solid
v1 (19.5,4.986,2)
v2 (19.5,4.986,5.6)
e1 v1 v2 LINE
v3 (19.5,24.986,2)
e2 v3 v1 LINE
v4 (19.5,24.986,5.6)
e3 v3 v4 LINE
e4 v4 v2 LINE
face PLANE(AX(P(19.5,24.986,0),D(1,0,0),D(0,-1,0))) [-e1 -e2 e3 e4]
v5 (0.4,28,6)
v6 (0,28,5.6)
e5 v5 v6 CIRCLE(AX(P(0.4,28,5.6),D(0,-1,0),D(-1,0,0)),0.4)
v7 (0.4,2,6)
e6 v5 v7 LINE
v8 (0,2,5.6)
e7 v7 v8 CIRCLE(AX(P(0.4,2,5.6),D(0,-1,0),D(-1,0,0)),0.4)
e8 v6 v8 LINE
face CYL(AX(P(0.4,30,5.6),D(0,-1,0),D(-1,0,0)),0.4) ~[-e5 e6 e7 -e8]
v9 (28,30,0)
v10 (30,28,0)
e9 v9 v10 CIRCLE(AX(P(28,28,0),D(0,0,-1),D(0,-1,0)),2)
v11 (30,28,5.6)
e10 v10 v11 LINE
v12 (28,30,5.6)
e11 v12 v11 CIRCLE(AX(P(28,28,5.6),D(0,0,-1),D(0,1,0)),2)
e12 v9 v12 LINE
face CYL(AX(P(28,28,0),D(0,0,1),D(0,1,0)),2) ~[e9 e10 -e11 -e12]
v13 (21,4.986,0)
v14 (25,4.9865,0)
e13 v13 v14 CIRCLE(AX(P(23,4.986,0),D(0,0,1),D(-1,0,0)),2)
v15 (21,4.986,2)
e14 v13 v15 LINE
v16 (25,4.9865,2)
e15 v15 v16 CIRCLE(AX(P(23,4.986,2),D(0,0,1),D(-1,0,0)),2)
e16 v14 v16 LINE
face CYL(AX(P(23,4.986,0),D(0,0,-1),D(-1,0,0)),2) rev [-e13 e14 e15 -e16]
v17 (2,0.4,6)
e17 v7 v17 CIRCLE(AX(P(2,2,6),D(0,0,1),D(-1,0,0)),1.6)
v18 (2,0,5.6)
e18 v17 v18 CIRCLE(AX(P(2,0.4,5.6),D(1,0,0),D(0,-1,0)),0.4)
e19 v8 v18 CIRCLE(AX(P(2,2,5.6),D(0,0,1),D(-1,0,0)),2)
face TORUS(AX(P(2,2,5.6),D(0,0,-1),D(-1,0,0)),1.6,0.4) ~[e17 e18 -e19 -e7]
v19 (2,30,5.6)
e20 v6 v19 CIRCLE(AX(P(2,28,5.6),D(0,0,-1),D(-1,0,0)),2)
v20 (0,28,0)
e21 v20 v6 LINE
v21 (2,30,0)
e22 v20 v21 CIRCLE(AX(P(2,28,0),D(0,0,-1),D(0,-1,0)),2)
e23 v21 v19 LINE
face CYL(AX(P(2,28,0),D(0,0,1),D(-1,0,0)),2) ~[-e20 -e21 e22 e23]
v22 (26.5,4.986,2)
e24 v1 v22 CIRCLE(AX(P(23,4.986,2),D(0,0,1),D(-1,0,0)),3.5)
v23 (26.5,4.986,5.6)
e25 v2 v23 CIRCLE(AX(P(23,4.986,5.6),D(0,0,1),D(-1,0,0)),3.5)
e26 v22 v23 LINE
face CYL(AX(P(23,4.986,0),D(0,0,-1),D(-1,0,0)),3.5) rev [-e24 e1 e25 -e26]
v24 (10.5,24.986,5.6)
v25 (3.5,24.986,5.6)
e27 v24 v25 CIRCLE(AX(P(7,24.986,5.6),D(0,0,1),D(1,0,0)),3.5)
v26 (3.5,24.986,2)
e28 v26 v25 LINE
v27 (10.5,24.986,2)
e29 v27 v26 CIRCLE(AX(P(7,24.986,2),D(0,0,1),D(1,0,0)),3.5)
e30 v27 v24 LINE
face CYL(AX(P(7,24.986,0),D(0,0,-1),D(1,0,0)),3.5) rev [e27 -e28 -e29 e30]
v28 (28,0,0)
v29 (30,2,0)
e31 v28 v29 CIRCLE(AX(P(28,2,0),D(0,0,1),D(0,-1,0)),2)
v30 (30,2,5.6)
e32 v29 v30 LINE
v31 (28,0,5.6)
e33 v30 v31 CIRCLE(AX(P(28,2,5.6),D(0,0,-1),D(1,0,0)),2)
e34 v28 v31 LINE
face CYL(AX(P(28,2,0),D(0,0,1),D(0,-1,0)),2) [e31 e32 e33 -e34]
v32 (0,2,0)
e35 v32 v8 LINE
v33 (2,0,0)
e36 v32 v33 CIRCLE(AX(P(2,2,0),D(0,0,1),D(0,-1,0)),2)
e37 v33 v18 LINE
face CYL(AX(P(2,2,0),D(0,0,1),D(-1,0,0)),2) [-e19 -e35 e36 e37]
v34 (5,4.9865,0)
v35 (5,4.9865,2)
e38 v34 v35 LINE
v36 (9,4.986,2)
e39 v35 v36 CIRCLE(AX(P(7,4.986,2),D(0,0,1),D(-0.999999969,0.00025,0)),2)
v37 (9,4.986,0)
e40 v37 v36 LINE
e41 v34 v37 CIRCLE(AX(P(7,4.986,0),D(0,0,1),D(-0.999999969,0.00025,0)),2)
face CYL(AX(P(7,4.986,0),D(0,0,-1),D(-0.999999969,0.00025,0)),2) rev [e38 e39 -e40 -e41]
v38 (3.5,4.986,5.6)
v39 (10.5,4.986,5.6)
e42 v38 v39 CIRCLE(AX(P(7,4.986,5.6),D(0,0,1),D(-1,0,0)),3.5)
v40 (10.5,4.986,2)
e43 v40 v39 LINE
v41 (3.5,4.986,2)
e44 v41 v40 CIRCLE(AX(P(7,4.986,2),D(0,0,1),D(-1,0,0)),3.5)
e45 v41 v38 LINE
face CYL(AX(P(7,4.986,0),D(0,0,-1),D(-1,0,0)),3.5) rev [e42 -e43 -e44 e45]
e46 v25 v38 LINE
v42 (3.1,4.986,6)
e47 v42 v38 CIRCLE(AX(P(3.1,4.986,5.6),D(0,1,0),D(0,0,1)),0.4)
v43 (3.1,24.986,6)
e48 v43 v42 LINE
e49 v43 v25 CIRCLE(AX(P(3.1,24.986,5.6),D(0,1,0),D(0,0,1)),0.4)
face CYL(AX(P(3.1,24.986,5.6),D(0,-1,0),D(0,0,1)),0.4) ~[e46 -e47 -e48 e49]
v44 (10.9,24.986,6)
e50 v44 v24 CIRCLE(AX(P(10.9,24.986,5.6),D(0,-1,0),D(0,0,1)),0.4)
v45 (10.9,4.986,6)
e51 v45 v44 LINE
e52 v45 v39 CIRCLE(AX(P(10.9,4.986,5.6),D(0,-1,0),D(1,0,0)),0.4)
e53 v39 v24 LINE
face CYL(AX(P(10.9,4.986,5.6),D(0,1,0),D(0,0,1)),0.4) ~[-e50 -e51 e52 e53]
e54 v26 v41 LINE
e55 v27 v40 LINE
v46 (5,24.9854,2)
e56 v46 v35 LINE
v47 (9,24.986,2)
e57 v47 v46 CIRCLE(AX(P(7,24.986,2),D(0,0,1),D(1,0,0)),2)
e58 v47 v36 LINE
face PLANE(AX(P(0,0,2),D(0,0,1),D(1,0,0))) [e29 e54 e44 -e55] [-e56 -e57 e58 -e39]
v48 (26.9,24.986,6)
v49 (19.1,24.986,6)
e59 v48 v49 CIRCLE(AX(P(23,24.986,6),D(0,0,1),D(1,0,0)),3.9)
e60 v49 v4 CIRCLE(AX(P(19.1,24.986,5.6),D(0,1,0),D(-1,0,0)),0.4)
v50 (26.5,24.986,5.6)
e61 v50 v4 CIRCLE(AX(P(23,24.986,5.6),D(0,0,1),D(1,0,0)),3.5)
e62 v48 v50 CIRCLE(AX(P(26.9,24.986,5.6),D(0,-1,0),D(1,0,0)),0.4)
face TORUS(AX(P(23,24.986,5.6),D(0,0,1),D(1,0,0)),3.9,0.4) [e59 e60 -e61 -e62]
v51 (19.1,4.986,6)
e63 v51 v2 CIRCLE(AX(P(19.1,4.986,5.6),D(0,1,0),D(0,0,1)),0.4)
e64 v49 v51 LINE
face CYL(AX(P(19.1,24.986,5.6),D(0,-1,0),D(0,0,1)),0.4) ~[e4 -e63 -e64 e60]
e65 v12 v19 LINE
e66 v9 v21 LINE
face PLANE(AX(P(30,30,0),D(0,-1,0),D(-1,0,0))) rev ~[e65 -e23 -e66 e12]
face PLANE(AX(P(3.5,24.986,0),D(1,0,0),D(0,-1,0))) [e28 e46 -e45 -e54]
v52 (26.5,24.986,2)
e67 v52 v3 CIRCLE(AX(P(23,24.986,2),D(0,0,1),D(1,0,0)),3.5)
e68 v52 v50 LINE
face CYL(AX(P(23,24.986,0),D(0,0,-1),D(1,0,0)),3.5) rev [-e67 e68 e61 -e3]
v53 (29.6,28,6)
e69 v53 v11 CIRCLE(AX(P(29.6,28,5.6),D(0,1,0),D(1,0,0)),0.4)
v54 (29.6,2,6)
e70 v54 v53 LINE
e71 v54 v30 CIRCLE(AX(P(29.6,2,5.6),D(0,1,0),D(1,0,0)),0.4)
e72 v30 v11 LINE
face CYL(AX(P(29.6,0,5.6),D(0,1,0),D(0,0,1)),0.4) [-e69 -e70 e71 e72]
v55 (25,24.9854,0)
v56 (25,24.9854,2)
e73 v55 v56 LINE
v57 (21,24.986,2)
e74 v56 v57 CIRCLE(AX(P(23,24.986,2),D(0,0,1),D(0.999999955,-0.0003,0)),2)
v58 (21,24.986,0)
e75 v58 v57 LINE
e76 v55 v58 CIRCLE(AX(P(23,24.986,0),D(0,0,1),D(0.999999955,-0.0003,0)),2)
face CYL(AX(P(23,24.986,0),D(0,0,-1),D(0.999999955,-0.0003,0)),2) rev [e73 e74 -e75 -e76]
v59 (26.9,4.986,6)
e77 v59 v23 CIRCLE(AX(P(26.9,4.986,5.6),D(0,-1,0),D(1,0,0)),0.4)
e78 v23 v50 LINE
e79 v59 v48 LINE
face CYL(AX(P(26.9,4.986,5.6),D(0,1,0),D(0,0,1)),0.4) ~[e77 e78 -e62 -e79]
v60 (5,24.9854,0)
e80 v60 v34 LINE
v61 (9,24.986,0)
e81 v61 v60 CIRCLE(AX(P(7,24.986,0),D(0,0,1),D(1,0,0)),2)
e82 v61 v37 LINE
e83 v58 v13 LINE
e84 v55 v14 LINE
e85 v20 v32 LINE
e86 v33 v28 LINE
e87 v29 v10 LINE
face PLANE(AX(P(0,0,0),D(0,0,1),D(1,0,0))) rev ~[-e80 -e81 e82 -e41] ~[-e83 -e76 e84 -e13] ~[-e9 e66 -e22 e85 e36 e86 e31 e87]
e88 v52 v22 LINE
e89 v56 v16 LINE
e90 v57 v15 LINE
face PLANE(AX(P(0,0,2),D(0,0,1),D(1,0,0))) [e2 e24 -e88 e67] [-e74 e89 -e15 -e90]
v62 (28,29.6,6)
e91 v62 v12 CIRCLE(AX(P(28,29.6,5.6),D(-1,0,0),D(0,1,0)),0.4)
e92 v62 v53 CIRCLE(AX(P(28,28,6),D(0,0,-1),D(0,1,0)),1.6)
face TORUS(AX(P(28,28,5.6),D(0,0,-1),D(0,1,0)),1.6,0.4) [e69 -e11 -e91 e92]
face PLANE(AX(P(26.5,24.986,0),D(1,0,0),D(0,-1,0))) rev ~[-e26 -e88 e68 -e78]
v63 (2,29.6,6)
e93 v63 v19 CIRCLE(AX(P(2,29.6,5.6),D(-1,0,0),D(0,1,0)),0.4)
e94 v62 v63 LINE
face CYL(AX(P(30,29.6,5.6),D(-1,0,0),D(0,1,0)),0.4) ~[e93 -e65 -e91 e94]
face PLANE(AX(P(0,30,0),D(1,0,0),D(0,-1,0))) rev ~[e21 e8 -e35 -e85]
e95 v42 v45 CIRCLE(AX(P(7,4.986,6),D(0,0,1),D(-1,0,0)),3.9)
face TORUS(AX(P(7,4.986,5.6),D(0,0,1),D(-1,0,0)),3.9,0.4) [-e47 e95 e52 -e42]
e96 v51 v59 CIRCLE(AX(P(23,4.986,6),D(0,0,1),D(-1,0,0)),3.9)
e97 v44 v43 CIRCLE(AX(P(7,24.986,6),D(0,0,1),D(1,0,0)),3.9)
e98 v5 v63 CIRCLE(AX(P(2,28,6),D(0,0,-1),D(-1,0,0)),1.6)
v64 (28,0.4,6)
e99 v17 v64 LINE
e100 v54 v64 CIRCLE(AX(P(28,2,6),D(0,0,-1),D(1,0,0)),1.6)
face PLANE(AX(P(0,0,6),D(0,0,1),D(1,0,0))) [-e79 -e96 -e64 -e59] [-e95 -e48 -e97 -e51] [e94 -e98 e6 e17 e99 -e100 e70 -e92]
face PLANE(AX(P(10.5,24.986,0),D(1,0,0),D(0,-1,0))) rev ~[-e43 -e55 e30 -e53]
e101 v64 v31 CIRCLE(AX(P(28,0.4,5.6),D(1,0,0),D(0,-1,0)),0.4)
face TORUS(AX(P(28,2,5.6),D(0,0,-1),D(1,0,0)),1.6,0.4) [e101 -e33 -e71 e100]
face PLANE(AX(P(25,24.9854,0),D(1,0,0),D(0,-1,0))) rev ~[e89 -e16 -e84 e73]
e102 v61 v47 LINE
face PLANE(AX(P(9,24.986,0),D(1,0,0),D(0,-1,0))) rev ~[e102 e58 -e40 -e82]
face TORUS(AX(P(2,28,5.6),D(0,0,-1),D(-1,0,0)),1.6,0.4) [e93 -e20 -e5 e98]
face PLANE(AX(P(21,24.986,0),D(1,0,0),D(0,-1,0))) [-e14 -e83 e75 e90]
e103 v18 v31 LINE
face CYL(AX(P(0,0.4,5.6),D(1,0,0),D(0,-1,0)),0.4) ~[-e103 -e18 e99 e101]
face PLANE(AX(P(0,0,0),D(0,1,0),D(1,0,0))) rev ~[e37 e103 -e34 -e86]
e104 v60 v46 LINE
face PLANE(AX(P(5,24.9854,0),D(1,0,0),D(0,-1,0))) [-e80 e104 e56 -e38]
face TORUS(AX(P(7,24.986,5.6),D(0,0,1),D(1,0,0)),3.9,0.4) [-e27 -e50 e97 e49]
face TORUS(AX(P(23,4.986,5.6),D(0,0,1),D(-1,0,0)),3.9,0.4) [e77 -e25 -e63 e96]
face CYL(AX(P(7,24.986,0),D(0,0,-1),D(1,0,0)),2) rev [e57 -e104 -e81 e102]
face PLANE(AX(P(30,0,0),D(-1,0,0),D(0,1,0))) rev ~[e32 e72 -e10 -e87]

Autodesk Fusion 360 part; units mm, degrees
sketch "Sketch1" plane through (0, 0, 0) normal (0, 0, 1) x (1, 0, 0)
  line L0 (0, 0) -> (30, 0)
  line L1 (30, 0) -> (30, 30)
  line L2 (30, 30) -> (0, 30)
  line L3 (0, 30) -> (0, 0)
  line L4 (7, 30) -> (7, 0) construction
  line L5 (23, 30) -> (23, 0) construction
  line L6 (15, 30) -> (15, 0) construction
  line L7 (3.5, 24.986) -> (3.5, 4.986)
  line L8 (10.5, 24.986) -> (10.5, 4.986)
  arc A0 (10.5, 24.986) -> (3.5, 24.986) centre (7, 24.986) ccw
  arc A1 (3.5, 4.986) -> (10.5, 4.986) centre (7, 4.986) ccw
  line L9 (5, 24.9854) -> (5, 4.9865)
  line L10 (9, 24.986) -> (9, 4.986)
  arc A2 (9, 24.986) -> (5, 24.9854) centre (7, 24.986) ccw
  arc A3 (5, 4.9865) -> (9, 4.986) centre (7, 4.986) ccw
  line L11 (26.5, 24.986) -> (26.5, 4.986)
  line L12 (25, 24.9854) -> (25, 4.9865)
  arc A4 (25, 24.9854) -> (21, 24.986) centre (23, 24.986) ccw
  arc A5 (21, 4.986) -> (25, 4.9865) centre (23, 4.986) ccw
  arc A6 (26.5, 24.986) -> (19.5, 24.986) centre (23, 24.986) ccw
  line L13 (19.5, 24.986) -> (19.5, 4.986)
  line L14 (21, 24.986) -> (21, 4.986)
  arc A7 (19.5, 4.986) -> (26.5, 4.986) centre (23, 4.986) ccw
  point P0 (7, 21.986)
  point P1 (23, 21.9825)
  point P2 (23.0012, 7.9825)
  point P3 (7.0013, 7.986)
  point P4 (23, 21.986)
  point P5 (22.9987, 7.986)
  dimension "d1" = 30
  dimension "d2" = 30
  dimension "d3" = 16
  dimension "d4" = 14
  dimension "d5" = 7
  dimension "d6" = 3
  dimension "d7" = 14
  dimension "d8" = 16
  dimension "d9" = 7
  dimension "d10" = 3
  dimension "d11" = 7
  dimension "d12" = 4
  dimension "d13" = 4
  dimension "d14" = 4
extrude "Extrude1" add sketch "Sketch1" along normal blind 6 contours L0 L1 L2 L3
extrude "Extrude2" add sketch "Sketch1" along normal blind 2 contours L7 L8 A0 A1 | L11 A6 L13 A7
fillet "Fillet1" radius 2 4 edges at (0, 0, 3) (30, 0, 3) (30, 30, 3) (0, 30, 3)
fillet "Fillet1" radius 0.4 1 faces at (13.5, 11.6527, 6)
